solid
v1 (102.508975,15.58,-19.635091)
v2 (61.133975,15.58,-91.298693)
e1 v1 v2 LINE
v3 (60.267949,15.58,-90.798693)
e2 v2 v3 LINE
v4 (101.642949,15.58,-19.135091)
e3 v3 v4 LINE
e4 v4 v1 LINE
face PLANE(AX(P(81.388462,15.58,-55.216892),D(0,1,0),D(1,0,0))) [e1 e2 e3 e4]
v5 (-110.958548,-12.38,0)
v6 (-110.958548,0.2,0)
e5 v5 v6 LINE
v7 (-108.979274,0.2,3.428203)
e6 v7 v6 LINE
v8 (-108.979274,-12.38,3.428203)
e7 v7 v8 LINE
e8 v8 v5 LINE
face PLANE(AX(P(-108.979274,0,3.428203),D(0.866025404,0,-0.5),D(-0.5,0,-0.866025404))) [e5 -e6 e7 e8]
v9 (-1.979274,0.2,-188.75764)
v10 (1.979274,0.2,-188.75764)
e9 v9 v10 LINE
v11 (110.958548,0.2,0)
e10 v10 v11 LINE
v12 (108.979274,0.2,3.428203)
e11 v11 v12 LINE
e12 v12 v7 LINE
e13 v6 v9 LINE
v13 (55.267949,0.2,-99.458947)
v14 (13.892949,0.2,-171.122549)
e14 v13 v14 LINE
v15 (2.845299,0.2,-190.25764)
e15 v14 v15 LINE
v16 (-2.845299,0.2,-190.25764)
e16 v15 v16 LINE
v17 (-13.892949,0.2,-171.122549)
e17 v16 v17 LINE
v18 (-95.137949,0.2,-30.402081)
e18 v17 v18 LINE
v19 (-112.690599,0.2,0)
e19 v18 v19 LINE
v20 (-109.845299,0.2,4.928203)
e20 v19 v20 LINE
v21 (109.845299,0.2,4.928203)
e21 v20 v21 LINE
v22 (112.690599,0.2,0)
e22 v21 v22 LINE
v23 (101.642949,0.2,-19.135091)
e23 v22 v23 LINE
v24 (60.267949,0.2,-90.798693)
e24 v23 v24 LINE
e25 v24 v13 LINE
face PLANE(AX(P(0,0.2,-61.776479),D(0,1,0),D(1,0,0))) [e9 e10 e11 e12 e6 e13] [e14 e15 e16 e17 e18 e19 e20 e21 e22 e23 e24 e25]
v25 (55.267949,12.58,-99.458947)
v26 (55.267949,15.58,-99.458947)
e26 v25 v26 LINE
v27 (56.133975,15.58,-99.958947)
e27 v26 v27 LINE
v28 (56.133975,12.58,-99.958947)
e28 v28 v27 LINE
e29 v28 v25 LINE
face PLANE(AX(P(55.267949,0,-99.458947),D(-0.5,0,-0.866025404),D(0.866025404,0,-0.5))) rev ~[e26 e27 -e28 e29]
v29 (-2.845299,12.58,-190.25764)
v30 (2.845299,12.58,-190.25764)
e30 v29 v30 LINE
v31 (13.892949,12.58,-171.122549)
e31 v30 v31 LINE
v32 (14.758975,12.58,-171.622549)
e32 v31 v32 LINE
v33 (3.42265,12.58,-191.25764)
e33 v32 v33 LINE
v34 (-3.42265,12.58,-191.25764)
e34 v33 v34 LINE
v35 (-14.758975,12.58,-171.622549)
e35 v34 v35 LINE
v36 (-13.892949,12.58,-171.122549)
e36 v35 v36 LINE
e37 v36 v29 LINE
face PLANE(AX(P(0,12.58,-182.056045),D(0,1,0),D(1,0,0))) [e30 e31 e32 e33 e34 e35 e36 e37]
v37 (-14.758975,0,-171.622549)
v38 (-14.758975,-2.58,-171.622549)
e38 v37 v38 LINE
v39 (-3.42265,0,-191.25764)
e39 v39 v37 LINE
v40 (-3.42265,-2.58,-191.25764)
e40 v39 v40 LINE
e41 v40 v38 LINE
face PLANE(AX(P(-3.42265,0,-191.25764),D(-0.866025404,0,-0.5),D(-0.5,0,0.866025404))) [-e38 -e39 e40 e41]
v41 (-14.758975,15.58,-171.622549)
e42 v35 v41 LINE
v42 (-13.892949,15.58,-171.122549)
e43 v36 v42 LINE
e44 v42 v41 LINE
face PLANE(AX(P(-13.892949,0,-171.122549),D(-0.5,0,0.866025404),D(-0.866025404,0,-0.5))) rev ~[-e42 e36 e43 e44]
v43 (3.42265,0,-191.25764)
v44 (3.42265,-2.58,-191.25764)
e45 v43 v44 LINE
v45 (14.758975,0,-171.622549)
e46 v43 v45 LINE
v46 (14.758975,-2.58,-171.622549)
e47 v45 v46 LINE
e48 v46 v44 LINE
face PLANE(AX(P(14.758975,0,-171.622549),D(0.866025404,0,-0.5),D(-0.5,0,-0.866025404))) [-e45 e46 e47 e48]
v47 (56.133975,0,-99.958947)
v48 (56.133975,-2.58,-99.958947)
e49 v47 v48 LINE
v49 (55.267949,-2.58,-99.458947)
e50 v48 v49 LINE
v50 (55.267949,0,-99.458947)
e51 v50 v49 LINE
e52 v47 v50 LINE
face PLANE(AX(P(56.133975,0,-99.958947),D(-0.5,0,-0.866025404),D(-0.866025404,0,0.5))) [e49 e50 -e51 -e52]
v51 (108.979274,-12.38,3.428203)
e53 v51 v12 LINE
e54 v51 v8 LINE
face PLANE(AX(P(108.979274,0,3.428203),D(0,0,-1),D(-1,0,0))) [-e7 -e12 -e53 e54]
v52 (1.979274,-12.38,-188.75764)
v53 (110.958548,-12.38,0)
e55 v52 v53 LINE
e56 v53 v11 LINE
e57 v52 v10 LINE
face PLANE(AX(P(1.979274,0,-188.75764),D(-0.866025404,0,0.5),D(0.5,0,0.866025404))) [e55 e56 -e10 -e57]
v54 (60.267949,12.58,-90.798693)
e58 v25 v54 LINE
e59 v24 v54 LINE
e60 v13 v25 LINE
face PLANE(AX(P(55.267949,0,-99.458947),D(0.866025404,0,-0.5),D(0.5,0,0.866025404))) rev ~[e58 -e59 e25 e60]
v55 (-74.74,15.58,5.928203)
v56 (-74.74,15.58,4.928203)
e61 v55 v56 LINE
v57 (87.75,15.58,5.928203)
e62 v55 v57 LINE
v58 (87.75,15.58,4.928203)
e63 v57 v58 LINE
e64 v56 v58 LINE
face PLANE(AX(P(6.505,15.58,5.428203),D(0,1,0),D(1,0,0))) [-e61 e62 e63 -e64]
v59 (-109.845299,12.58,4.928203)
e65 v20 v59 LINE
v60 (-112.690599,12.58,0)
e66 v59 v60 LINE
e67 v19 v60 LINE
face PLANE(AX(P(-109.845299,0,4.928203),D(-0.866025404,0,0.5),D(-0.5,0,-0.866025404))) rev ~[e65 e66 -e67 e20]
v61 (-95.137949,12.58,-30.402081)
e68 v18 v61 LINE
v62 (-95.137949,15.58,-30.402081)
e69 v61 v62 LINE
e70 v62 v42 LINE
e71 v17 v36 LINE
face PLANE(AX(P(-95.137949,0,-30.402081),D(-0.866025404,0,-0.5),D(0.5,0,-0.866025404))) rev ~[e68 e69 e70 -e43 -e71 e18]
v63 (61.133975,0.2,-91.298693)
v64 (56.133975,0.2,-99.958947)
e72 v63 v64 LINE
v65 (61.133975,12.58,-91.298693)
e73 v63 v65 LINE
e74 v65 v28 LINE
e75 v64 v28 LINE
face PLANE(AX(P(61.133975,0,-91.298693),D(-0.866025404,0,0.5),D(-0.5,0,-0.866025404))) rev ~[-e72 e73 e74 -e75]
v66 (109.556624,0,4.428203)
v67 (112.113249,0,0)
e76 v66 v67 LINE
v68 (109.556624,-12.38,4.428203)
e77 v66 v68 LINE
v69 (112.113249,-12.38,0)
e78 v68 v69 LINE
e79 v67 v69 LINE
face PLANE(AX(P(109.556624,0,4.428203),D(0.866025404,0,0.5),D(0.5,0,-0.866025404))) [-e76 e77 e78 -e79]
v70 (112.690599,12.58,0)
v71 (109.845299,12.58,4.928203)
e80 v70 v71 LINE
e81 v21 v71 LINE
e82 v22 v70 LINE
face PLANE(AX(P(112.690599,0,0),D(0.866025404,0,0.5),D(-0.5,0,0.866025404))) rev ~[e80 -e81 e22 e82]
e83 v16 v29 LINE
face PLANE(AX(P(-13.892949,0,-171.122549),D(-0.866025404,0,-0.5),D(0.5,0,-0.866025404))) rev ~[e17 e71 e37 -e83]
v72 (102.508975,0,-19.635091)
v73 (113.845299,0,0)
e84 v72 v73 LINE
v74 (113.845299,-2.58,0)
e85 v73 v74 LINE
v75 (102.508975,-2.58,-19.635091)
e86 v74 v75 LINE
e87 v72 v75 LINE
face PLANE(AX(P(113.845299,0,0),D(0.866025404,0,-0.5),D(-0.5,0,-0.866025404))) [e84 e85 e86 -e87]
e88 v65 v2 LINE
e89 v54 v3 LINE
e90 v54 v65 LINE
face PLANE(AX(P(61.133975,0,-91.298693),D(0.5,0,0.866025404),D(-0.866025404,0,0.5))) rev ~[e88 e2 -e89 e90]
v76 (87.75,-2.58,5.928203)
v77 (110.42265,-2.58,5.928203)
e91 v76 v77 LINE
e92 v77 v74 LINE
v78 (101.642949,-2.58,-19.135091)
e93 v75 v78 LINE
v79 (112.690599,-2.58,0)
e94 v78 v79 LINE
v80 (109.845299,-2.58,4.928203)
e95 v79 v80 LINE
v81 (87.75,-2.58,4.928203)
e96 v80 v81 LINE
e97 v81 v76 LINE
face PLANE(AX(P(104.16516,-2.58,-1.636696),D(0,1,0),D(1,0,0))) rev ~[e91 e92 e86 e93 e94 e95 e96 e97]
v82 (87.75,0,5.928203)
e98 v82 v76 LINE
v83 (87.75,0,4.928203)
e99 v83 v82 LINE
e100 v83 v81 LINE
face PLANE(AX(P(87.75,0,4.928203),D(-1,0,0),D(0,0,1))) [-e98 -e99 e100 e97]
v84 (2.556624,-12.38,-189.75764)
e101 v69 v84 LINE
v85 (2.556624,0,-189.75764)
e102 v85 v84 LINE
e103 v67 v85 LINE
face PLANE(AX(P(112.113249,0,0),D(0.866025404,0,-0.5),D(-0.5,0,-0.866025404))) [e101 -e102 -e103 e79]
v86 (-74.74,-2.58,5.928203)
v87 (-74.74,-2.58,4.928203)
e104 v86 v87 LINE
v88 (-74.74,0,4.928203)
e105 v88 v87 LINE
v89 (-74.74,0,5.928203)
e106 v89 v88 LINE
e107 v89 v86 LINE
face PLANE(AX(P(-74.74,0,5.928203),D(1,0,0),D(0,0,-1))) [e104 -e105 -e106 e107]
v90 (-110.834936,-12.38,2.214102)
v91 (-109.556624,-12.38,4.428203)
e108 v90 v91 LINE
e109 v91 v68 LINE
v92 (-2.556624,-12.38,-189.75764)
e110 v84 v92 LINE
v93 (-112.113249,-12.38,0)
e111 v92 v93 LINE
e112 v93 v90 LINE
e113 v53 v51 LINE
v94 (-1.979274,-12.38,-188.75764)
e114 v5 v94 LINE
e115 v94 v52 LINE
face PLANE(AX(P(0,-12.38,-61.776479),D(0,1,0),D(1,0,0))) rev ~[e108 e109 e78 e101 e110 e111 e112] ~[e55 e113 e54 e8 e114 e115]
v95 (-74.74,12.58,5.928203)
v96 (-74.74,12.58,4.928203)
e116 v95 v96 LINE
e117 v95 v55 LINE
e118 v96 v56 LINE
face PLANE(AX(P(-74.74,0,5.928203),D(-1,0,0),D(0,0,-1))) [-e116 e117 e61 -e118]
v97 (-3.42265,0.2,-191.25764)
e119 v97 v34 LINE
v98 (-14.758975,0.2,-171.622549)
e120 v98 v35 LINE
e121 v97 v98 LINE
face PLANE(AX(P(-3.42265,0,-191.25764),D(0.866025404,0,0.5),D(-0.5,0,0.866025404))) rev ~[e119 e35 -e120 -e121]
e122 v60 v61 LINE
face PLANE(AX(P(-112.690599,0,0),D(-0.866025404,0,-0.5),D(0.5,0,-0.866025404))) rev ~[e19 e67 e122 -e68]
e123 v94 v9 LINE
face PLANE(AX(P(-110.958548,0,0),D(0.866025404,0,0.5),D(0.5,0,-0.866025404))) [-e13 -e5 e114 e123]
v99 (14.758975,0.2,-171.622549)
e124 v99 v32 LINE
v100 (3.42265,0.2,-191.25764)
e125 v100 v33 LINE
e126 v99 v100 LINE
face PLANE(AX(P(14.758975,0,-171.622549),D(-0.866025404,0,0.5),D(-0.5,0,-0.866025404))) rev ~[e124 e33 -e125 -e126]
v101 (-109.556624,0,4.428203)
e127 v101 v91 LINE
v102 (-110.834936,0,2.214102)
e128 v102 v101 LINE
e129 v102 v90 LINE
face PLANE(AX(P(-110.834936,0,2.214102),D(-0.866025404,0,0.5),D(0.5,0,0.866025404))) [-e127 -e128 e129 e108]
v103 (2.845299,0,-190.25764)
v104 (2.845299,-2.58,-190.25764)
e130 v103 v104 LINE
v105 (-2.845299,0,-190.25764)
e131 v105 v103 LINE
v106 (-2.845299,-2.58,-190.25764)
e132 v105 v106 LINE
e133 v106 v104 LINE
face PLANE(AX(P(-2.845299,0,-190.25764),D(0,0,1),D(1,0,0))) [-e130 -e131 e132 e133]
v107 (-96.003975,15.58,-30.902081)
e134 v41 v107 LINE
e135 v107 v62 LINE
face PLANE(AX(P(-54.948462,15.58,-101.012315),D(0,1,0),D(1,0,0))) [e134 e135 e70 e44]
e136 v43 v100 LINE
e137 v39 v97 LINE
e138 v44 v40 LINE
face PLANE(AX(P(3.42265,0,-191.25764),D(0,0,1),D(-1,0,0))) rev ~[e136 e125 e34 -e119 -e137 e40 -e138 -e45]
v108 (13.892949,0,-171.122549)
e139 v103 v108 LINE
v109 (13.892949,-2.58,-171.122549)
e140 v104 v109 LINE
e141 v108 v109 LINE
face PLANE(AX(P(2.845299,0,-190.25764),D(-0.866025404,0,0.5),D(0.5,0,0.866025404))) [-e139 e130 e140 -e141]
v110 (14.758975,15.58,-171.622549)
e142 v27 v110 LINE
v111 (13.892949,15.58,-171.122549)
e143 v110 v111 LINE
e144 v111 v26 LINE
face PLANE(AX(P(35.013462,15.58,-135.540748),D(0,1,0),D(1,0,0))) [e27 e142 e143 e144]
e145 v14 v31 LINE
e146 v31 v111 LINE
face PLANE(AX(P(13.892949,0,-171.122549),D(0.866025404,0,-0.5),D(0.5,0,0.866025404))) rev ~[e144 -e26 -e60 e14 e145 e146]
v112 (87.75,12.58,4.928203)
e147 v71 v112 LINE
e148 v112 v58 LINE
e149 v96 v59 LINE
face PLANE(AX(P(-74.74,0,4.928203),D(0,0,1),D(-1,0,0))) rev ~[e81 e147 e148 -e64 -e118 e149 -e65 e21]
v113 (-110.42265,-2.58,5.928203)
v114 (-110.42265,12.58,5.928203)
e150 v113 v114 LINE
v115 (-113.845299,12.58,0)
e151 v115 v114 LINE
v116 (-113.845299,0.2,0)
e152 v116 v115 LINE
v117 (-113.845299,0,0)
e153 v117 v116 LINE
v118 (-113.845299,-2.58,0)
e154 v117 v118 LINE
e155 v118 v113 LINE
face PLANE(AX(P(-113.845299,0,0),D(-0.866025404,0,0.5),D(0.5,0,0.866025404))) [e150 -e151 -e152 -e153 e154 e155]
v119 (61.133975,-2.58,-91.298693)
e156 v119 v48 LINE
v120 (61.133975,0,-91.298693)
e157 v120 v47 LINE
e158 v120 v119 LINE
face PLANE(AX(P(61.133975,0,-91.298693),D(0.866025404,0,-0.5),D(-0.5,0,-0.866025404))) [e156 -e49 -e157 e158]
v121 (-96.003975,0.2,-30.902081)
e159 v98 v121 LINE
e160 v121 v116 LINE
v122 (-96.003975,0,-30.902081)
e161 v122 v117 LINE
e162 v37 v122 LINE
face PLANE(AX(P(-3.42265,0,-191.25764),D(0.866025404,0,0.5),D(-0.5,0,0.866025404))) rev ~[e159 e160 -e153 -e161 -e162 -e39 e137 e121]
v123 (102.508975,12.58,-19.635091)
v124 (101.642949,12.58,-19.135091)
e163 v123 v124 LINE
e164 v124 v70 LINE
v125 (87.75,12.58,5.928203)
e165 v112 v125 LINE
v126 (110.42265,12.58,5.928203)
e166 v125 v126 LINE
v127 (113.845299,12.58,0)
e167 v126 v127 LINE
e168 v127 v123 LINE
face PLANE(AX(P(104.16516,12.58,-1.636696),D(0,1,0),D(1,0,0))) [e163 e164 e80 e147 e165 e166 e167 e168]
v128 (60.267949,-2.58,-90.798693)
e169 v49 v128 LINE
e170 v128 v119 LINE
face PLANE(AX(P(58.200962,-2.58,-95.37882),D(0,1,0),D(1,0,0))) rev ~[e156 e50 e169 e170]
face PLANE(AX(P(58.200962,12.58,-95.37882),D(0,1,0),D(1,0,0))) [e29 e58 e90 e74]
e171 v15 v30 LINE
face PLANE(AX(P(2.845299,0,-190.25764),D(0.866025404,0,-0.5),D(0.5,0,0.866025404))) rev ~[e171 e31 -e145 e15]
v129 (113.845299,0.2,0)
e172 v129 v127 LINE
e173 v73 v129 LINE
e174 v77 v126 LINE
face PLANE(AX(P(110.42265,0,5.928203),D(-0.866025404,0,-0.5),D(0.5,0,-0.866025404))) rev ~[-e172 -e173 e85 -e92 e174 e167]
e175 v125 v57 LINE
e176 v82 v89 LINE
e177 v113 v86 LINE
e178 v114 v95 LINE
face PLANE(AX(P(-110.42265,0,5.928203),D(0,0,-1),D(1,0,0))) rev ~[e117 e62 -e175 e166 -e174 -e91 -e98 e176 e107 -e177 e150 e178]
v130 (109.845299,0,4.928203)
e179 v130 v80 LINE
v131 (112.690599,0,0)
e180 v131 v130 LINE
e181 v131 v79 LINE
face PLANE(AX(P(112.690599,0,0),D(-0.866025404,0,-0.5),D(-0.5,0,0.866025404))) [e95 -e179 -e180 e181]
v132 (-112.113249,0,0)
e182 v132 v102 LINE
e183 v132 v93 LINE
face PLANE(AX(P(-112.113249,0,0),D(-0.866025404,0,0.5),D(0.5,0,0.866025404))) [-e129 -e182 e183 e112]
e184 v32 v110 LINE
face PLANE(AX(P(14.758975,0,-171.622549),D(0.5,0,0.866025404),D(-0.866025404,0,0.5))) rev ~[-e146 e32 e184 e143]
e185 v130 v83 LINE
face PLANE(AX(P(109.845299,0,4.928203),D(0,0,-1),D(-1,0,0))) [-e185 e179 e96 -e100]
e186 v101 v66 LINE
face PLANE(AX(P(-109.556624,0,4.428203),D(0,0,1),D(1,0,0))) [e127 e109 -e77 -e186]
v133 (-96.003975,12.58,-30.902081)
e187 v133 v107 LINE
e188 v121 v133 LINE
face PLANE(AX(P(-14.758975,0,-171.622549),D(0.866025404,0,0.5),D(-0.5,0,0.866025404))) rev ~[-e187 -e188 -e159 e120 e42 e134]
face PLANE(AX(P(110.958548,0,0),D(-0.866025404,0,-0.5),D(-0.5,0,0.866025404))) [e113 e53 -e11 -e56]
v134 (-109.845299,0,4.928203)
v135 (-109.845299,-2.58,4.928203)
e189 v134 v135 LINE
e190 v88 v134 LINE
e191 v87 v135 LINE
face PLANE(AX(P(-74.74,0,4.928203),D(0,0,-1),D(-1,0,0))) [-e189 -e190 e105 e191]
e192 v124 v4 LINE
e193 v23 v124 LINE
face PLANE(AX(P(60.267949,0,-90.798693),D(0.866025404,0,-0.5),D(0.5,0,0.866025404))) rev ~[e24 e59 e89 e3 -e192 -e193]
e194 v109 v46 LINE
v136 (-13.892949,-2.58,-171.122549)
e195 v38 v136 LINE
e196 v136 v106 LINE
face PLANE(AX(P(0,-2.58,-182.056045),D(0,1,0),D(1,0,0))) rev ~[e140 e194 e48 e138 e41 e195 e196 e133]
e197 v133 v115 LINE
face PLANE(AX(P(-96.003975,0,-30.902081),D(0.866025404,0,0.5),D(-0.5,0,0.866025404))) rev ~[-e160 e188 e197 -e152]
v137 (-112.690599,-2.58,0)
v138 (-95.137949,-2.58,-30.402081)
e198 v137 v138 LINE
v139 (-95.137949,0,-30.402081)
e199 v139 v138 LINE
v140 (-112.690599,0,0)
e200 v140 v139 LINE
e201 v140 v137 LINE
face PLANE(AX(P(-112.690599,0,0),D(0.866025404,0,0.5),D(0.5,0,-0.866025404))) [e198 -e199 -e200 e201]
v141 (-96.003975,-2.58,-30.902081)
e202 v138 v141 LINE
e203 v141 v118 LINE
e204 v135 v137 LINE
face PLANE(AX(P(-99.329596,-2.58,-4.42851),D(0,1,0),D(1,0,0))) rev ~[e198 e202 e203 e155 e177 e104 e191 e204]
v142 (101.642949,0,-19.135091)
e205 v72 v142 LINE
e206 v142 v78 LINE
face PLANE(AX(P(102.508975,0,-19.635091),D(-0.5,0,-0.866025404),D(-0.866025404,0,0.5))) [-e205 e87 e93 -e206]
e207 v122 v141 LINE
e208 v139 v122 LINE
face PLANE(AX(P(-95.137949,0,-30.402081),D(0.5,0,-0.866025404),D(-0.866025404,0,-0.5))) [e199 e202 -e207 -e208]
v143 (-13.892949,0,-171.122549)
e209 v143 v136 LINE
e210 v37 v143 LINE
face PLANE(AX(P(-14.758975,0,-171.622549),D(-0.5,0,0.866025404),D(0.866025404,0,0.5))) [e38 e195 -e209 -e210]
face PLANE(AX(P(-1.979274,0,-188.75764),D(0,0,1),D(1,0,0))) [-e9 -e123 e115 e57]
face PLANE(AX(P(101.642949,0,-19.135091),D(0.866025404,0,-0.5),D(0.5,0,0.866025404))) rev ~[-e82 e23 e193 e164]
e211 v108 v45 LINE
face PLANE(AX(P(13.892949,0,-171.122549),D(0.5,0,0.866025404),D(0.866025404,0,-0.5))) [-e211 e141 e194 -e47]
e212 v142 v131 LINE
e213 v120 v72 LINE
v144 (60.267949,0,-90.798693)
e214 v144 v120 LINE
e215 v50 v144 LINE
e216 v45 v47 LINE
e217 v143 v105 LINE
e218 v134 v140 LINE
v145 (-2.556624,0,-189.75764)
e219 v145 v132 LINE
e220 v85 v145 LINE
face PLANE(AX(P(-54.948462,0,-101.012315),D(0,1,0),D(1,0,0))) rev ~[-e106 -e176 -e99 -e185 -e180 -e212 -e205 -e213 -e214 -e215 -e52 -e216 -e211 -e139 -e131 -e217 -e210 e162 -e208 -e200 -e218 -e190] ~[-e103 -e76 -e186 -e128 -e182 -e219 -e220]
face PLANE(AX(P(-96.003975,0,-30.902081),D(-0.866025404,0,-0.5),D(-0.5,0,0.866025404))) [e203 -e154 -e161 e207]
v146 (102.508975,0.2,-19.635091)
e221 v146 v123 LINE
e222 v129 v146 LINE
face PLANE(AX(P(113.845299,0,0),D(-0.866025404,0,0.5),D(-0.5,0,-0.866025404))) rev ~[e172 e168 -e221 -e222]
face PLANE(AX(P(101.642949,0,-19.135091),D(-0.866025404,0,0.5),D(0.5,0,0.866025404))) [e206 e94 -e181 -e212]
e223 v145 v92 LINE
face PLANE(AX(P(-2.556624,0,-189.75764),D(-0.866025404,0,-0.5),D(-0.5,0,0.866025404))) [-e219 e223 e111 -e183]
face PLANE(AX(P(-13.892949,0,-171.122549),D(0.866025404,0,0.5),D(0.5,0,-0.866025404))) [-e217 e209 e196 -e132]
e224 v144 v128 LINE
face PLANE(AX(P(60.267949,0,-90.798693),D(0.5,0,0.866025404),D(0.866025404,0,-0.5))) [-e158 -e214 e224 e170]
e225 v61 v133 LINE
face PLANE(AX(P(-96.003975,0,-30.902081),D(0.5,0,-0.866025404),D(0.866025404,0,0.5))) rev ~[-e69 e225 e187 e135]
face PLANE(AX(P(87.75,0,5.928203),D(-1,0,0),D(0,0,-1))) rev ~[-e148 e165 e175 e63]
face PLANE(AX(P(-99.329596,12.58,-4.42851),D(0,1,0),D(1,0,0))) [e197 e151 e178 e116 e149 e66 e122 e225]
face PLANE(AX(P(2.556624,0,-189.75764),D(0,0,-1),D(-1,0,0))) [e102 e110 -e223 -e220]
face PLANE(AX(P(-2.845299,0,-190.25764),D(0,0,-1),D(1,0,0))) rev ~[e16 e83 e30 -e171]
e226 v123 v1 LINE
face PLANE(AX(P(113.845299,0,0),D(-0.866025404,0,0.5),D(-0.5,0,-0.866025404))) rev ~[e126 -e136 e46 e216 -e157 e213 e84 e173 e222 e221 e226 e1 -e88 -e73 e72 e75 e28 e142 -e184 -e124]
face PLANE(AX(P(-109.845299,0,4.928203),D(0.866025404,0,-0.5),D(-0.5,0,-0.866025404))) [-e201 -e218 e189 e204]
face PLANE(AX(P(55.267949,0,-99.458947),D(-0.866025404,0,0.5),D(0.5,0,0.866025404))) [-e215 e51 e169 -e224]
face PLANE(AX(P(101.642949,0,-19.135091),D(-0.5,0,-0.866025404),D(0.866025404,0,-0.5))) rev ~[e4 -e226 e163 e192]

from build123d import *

# Parameters (mm, degrees)
BOSS_EXTRUDE1_DEPTH = 0.2
BOSS_EXTRUDE2_DEPTH = 12.58
SKETCH1_8_W         = 162.49
SKETCH1_8_H         = 1
BOSS_EXTRUDE3_DEPTH = 15.58
BOSS_EXTRUDE4_DEPTH = 12.38
BOSS_EXTRUDE5_DEPTH = 2.58


with BuildPart() as part:
    # Sketch1 → Boss-Extrude1 (new body)
    with BuildSketch(Plane(origin=(0, 0, 0), x_dir=(1, 0, 0), z_dir=(0, 1, 0))):
        Polygon((-113.845299462, 0), (-110.422649731, -5.92820323), (110.422649731, -5.92820323), (113.845299462, 0), (3.422649731, 191.25763964), (-3.422649731, 191.25763964), align=None)
        Polygon((-1.979274058, 188.75763964), (1.979274058, 188.75763964), (110.958548116, 0), (108.979274058, -3.42820323), (-108.979274058, -3.42820323), (-110.958548116, 0), align=None, mode=Mode.SUBTRACT)
    extrude(amount=BOSS_EXTRUDE1_DEPTH)

    # Sketch1<7> → Boss-Extrude2 (add)
    with BuildSketch(Plane(origin=(0, 0, 0), x_dir=(1, 0, 0), z_dir=(0, 1, 0))):
        Polygon((-95.137949192, 30.402081141), (-96.003974596, 30.902081141), (-113.845299462, 0), (-110.422649731, -5.92820323), (-74.74, -5.92820323), (-74.74, -4.92820323), (-109.845299462, -4.92820323), (-112.690598923, 0), align=None)
        Polygon((-3.422649731, 191.25763964), (-14.758974596, 171.622549002), (-13.892949192, 171.122549002), (-2.845299462, 190.25763964), (2.845299462, 190.25763964), (13.892949192, 171.122549002), (14.758974596, 171.622549002), (3.422649731, 191.25763964), align=None)
        Polygon((109.845299462, -4.92820323), (87.75, -4.92820323), (87.75, -5.92820323), (110.422649731, -5.92820323), (113.845299462, 0), (102.508974596, 19.635090638), (101.642949192, 19.135090638), (112.690598923, 0), align=None)
        Polygon((61.133974596, 91.298692801), (56.133974596, 99.958946839), (55.267949192, 99.458946839), (60.267949192, 90.798692801), align=None)
    extrude(amount=BOSS_EXTRUDE2_DEPTH)

    # Sketch1<8> → Boss-Extrude3 (add)
    with BuildSketch(Plane(origin=(0, 0, 0), x_dir=(1, 0, 0), z_dir=(0, 1, 0))):
        Polygon((-14.758974596, 171.622549002), (-96.003974596, 30.902081141), (-95.137949192, 30.402081141), (-13.892949192, 171.122549002), align=None)
        with Locations((6.505, -5.42820323)):
            Rectangle(SKETCH1_8_W, SKETCH1_8_H)
        Polygon((56.133974596, 99.958946839), (14.758974596, 171.622549002), (13.892949192, 171.122549002), (55.267949192, 99.458946839), align=None)
        Polygon((102.508974596, 19.635090638), (61.133974596, 91.298692801), (60.267949192, 90.798692801), (101.642949192, 19.135090638), align=None)
    extrude(amount=BOSS_EXTRUDE3_DEPTH)

    # Sketch1<9> → Boss-Extrude4 (add)
    with BuildSketch(Plane(origin=(0, 0, 0), x_dir=(1, 0, 0), z_dir=(0, 1, 0))):
        Polygon((-112.113248654, 0), (-110.834936491, -2.214101615), (-109.556624327, -4.42820323), (109.556624327, -4.42820323), (112.113248654, 0), (2.556624327, 189.75763964), (-2.556624327, 189.75763964), align=None)
        Polygon((-110.958548116, 0), (-56.468911087, 94.37881982), (-1.979274058, 188.75763964), (1.979274058, 188.75763964), (110.958548116, 0), (108.979274058, -3.42820323), (-108.979274058, -3.42820323), align=None, mode=Mode.SUBTRACT)
    extrude(amount=-BOSS_EXTRUDE4_DEPTH)

    # Sketch1<10> → Boss-Extrude5 (add)
    with BuildSketch(Plane(origin=(0, 0, 0), x_dir=(1, 0, 0), z_dir=(0, 1, 0))):
        Polygon((-95.137949192, 30.402081141), (-96.003974596, 30.902081141), (-113.845299462, 0), (-110.422649731, -5.92820323), (-74.74, -5.92820323), (-74.74, -4.92820323), (-109.845299462, -4.92820323), (-112.690598923, 0), align=None)
        Polygon((-3.422649731, 191.25763964), (-14.758974596, 171.622549002), (-13.892949192, 171.122549002), (-2.845299462, 190.25763964), (2.845299462, 190.25763964), (13.892949192, 171.122549002), (14.758974596, 171.622549002), (3.422649731, 191.25763964), align=None)
        Polygon((109.845299462, -4.92820323), (87.75, -4.92820323), (87.75, -5.92820323), (110.422649731, -5.92820323), (113.845299462, 0), (102.508974596, 19.635090638), (101.642949192, 19.135090638), (112.690598923, 0), align=None)
        Polygon((61.133974596, 91.298692801), (56.133974596, 99.958946839), (55.267949192, 99.458946839), (60.267949192, 90.798692801), align=None)
    extrude(amount=-BOSS_EXTRUDE5_DEPTH)


solid = part.part
